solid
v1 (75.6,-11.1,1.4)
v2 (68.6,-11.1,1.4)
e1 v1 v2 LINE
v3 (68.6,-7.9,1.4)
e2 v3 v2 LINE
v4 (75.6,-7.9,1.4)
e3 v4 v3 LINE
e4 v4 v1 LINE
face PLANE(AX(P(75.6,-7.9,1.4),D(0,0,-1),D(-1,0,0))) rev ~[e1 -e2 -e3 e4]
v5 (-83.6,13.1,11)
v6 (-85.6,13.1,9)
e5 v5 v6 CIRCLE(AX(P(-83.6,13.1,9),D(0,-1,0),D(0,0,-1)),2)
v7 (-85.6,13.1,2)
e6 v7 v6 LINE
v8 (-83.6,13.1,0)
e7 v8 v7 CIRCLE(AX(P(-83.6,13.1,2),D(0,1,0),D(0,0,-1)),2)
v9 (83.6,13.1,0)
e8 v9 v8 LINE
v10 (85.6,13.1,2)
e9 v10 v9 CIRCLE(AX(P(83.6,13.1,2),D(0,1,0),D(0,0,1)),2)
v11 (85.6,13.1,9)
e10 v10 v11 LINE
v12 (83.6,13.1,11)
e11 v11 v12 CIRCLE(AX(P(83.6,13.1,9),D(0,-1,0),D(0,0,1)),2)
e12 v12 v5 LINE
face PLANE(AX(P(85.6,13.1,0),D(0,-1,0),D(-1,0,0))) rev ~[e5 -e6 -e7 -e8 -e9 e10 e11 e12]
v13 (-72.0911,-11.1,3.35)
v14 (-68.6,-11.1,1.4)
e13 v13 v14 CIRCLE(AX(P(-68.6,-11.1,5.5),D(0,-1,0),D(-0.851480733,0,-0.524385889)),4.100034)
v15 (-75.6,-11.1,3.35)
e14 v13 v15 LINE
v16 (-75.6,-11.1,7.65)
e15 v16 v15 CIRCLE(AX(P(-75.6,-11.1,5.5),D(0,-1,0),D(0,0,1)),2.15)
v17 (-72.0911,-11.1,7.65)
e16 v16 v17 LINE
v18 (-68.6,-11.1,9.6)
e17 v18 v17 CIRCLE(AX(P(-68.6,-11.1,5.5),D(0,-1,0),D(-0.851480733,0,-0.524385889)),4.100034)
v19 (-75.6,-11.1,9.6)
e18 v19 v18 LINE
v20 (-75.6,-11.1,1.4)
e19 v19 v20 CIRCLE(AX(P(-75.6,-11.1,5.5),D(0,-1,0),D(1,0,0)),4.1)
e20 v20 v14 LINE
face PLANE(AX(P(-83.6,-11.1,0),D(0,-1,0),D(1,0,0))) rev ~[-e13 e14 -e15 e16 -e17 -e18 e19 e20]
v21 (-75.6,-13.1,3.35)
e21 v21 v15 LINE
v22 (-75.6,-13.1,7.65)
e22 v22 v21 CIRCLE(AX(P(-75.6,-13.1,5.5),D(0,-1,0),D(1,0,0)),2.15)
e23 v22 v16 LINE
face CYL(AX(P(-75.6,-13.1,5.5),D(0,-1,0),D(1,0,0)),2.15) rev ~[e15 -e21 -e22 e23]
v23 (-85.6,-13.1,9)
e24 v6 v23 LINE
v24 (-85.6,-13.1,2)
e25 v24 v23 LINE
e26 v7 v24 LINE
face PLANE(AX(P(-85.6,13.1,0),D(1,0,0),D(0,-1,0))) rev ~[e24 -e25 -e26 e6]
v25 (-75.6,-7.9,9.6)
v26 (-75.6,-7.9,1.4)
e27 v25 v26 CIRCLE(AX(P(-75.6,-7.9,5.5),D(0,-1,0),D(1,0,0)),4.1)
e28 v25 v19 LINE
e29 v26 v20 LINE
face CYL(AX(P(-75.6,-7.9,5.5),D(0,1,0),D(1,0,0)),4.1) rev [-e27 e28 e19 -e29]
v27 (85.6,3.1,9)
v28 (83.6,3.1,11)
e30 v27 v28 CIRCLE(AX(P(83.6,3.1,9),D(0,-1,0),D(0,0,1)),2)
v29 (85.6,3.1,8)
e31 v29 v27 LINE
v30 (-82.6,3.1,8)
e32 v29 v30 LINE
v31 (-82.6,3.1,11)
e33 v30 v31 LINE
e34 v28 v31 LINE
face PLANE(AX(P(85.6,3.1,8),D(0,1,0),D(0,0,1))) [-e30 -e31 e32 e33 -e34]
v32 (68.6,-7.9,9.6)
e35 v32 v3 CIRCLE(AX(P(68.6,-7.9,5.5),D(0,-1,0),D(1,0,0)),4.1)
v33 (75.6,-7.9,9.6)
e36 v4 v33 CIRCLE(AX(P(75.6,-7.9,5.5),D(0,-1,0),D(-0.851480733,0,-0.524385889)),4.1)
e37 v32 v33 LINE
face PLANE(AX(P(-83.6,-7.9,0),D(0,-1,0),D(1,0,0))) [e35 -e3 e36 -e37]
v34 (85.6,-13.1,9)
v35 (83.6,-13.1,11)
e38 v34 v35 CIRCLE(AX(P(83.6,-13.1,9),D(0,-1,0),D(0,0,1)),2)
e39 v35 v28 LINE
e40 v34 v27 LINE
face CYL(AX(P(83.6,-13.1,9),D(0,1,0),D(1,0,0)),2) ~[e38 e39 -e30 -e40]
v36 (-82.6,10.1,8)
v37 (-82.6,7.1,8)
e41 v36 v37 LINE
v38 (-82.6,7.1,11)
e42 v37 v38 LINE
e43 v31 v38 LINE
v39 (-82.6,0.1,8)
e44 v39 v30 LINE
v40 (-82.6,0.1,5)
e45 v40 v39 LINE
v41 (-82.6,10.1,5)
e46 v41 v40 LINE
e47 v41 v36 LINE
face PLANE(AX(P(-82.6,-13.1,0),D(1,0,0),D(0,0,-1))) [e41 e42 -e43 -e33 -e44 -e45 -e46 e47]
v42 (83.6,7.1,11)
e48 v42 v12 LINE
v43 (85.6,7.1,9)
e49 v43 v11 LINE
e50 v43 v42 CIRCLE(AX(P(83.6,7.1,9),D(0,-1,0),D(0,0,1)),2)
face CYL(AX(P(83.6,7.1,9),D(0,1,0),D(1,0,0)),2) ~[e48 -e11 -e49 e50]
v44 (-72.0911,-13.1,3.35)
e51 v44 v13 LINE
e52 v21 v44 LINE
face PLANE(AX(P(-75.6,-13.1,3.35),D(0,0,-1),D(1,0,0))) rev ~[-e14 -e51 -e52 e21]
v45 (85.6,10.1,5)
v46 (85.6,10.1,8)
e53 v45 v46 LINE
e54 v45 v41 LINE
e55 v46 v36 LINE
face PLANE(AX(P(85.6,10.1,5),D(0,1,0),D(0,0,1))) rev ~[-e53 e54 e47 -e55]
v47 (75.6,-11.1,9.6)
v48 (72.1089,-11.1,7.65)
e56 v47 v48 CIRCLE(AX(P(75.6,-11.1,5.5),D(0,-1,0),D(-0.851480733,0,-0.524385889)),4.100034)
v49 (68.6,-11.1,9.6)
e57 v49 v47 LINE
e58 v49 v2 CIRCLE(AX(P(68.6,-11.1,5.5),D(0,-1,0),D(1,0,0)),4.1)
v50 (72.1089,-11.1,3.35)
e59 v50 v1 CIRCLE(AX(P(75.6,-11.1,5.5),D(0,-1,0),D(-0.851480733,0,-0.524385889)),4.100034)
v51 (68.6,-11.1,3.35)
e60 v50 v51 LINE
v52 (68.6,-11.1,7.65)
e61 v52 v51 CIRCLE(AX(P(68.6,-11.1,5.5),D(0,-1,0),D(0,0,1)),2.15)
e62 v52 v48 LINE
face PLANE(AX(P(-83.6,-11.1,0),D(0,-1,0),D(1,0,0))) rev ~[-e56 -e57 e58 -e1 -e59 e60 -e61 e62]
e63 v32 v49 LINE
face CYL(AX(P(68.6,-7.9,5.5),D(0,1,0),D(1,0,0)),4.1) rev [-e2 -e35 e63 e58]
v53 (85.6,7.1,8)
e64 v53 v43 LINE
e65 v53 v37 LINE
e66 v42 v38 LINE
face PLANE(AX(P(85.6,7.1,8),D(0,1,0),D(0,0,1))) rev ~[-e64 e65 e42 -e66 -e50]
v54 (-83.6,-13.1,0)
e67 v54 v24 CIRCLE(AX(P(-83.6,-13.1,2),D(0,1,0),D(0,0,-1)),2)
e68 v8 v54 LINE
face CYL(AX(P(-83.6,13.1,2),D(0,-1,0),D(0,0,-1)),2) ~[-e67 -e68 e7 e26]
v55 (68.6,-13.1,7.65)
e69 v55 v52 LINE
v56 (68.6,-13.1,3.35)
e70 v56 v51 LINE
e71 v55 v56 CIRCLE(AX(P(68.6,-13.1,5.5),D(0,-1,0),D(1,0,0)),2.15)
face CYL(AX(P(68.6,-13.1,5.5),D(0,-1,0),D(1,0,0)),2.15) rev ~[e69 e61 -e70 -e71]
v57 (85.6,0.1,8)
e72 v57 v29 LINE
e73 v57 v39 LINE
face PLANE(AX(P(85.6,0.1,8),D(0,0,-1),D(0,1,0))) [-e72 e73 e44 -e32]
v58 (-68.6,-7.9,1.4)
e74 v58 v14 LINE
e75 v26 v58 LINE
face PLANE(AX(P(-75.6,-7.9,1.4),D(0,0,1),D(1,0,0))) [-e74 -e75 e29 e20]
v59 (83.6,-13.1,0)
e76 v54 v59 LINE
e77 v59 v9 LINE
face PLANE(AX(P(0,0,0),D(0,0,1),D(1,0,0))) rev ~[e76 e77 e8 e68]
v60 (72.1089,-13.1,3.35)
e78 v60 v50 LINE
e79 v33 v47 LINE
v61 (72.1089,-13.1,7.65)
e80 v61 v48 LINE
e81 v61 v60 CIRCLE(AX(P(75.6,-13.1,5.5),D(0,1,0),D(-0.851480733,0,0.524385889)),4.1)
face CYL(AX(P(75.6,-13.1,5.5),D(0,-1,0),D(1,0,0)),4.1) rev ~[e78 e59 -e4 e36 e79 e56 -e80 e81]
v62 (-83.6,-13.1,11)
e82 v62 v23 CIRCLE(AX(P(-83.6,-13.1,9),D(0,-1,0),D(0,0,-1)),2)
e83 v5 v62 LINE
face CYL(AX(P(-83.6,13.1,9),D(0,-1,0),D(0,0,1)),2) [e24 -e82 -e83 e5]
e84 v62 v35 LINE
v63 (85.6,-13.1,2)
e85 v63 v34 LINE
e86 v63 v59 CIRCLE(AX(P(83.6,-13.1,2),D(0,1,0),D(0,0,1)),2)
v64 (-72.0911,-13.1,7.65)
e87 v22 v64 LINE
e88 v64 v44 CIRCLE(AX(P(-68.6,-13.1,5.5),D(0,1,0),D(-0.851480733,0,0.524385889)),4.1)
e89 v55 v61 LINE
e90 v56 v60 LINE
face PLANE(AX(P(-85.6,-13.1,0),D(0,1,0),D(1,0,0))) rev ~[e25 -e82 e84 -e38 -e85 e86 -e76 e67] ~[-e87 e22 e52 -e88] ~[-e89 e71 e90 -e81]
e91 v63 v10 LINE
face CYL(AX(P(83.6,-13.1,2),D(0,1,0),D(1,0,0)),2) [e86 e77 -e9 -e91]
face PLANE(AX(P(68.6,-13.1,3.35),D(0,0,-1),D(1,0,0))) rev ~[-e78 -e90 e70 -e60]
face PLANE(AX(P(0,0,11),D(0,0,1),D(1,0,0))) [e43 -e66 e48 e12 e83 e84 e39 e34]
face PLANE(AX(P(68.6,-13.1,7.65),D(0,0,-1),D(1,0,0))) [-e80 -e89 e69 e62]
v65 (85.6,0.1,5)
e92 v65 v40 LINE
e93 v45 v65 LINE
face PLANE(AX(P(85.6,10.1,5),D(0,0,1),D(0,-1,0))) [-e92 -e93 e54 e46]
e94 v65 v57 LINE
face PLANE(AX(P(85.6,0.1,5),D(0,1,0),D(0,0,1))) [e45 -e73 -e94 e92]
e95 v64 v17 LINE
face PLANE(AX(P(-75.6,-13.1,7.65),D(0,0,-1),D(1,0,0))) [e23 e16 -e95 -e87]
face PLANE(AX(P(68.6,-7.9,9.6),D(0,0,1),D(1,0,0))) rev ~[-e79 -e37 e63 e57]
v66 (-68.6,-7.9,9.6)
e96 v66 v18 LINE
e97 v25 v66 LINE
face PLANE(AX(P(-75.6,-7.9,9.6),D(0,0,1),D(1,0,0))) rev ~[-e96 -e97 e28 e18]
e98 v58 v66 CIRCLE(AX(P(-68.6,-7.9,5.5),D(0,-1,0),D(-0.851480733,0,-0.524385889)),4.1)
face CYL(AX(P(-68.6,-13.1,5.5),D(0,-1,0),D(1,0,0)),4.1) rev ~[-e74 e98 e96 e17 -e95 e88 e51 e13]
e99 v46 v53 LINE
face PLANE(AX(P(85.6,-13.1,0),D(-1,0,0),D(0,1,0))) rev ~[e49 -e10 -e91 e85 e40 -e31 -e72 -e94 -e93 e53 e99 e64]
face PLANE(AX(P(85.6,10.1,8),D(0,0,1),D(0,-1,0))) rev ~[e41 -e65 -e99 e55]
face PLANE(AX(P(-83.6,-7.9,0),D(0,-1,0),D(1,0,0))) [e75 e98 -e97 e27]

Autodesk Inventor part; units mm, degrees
ref_plane "YZ Plane" through (0, 0, 0) normal (1, 0, 0) x (0, 1, 0)
ref_plane "XZ Plane" through (0, 0, 0) normal (0, 1, 0) x (-1, 0, 0)
ref_plane "XY Plane" through (0, 0, 0) normal (0, 0, 1) x (1, 0, 0)
sketch "Sketch1" plane through (0, 0, 0) normal (0, 0, 1) x (1, 0, 0)
  line L0 (85.6, 13.1) -> (-85.6, 13.1)
  line L1 (-85.6, 13.1) -> (-85.6, -13.1)
  line L2 (-85.6, -13.1) -> (85.6, -13.1)
  line L3 (85.6, -13.1) -> (85.6, 13.1)
  line L4 (85.6, 13.1) -> (-85.6, -13.1) construction
  line L5 (-85.6, 13.1) -> (85.6, -13.1) construction
  point P0 (0, 0)
  dimension "d0" = 171.2
  dimension "d1" = 26.2
extrude "Extrusion1" add sketch "Sketch1" along normal blind 11
sketch "Sketch2" plane through (85.6, -13.1, 0) normal (1, 0, 0) x (0, 0, -1)
  line L0 (0, 0) -> (0, 26.2) projected
  line L1 (0, 26.2) -> (-11, 26.2) projected
  line L2 (-11, 0) -> (-11, 26.2) projected
  line L3 (0, 0) -> (-11, 0) projected
  line L4 (-11, 26.2) -> (-11, 0) projected
  line L5 (-11, 26.2) -> (-5, 26.2)
  line L6 (-5, 26.2) -> (-5, 23.2)
  line L7 (-5, 23.2) -> (-11, 23.2)
  line L8 (-11, 23.2) -> (-11, 26.2)
  line L9 (-11, 23.2) -> (-8, 23.2)
  line L10 (-8, 23.2) -> (-8, 20.2)
  line L11 (-8, 20.2) -> (-11, 20.2)
  line L12 (-11, 20.2) -> (-11, 23.2)
  line L13 (-11, 26.2) -> (-5, 26.2)
  line L14 (-5, 26.2) -> (-5, 10.2)
  line L15 (-5, 10.2) -> (-11, 10.2)
  line L16 (-11, 10.2) -> (-11, 26.2)
  line L17 (-11, 10.2) -> (-5, 10.2)
  line L18 (-5, 10.2) -> (-5, 13.2)
  line L19 (-5, 13.2) -> (-11, 13.2)
  line L20 (-11, 13.2) -> (-11, 10.2)
  line L21 (-11, 13.2) -> (-8, 13.2)
  line L22 (-8, 13.2) -> (-8, 16.2)
  line L23 (-8, 16.2) -> (-11, 16.2)
  line L24 (-11, 16.2) -> (-11, 13.2)
  point P0 (0, 13.1)
  point P1 (-11, 20.2)
  dimension "d4" = 6
  dimension "d5" = 3
  dimension "d6" = 3
  dimension "d7" = 3
  dimension "d8" = 16
  dimension "d9" = 3
  dimension "d10" = 3
  dimension "d11" = 3
extrude "Extrusion2" cut sketch "Sketch2" against normal blind 168.2 contours L14 L19 L22 L23 L2 L11 L10 L7
fillet "Fillet1" radius 2 5 edges at (85.6, 10.1, 11) (85.6, -5, 11) (-85.6, 0, 11) (85.6, 0, 0) (-85.6, 0, 0)
sketch "Sketch4" plane through (-83.6, -13.1, 0) normal (0, -1, 0) x (1, 0, 0)
  arc A0 (-2, 2) -> (0, 0) centre (0, 2) ccw projected
  line L0 (0, 0) -> (167.2, 0) projected
  arc A1 (167.2, 0) -> (169.2, 2) centre (167.2, 2) ccw projected
  line L1 (169.2, 2) -> (169.2, 9) projected
  arc A2 (169.2, 9) -> (167.2, 11) centre (167.2, 9) ccw projected
  line L2 (0, 11) -> (167.2, 11) projected
  arc A3 (0, 11) -> (-2, 9) centre (0, 9) ccw projected
  line L3 (-2, 2) -> (-2, 9) projected
  circle A4 centre (159.2, 5.5) radius 4.1
  circle A5 centre (152.2, 5.5) radius 2.15
  line L4 (152.2, 7.65) -> (155.7089, 7.65)
  line L5 (152.2, 3.35) -> (155.7089, 3.35)
  circle A6 centre (15, 5.5) radius 4.1
  circle A7 centre (8, 5.5) radius 2.15
  line L6 (8, 3.35) -> (11.5089, 3.35)
  line L7 (8, 7.65) -> (11.5089, 7.65)
  point P0 (83.6, 0)
  point P1 (169.2, 5.5)
  point P2 (12.2407, 8.5325)
  point P3 (8.4381, 3.3951)
  point P4 (11.1965, 3.9692)
  point P5 (-2, 5.5)
  dimension "d19" = 8.2
  dimension "d20" = 4.3
  dimension "d21" = 7
  dimension "d22" = 0
  dimension "d23" = 10
  dimension "d24" = 8.2
  dimension "d25" = 4.3
  dimension "d26" = 7
  dimension "d27" = 10
  dimension "d28" = 0
  dimension "d40" = 0
extrude "Extrusion4" cut sketch "Sketch4" against normal blind 5.2 contours A4 | A4 L5 A5 L4 | A5 | A6 | A6 L6 A7 L7 | A7
sketch "Sketch5" plane through (-83.6, -13.1, 0) normal (0, -1, 0) x (1, 0, 0)
  arc A0 (8, 7.65) -> (8, 3.35) centre (8, 5.5) ccw projected
  arc A1 (11.5089, 3.35) -> (11.5089, 7.65) centre (15, 5.5) ccw projected
  arc A2 (152.2, 7.65) -> (152.2, 3.35) centre (152.2, 5.5) ccw projected
  line L0 (152.2, 7.65) -> (155.7089, 7.65) projected
  arc A3 (155.7089, 3.35) -> (155.7089, 7.65) centre (159.2, 5.5) ccw projected
  line L1 (155.7089, 3.35) -> (152.2, 3.35) projected
  arc A4 (-2, 2) -> (0, 0) centre (0, 2) ccw projected
  line L2 (0, 0) -> (167.2, 0) projected
  arc A5 (167.2, 0) -> (169.2, 2) centre (167.2, 2) ccw projected
  line L3 (169.2, 2) -> (169.2, 9) projected
  arc A6 (169.2, 9) -> (167.2, 11) centre (167.2, 9) ccw projected
  line L4 (0, 11) -> (167.2, 11) projected
  arc A7 (0, 11) -> (-2, 9) centre (0, 9) ccw projected
  line L5 (-2, 2) -> (-2, 9) projected
  circle A8 centre (8, 5.5) radius 4.1
  line L6 (8, 9.6) -> (15, 9.6)
  line L7 (8, 1.4) -> (15, 1.4)
  arc A9 (11.5089, 3.35) -> (11.5089, 7.65) centre (15, 5.5) ccw projected
  circle A10 centre (152.2, 5.5) radius 4.1
  line L8 (152.2, 9.6) -> (159.2, 9.6)
  line L9 (159.2, 1.4) -> (152.2, 1.4)
  line L10 (8, 7.65) -> (11.5089, 7.65) projected
  line L11 (11.5089, 3.35) -> (8, 3.35) projected
  arc A11 (8, 7.65) -> (8, 3.35) centre (8, 5.5) ccw projected
  point P0 (83.6, 0)
  point P1 (19.1, 5.5)
  point P2 (19.1, 5.5)
  point P3 (5.85, 5.5)
  point P4 (150.05, 5.5)
  point P5 (12.4867, 2.2607)
  point P6 (12.4867, 8.7393)
  point P7 (96.275, 2.2698)
  point P8 (96.275, 8.7302)
  point P9 (5.85, 5.5)
  point P10 (155.6911, 7.65)
  point P11 (155.6911, 3.35)
  point P12 (11.4911, 3.35)
  point P13 (11.4911, 7.65)
  dimension "d32" = 8.2
  dimension "d33" = 0
  dimension "d35" = 8.2
  dimension "d36" = 0
  dimension "d42" = 0
  dimension "d43" = 0
extrude "Extrusion5" cut sketch "Sketch5" along normal blind 3.2 from surface at -5.2 contours L10 A8 L11 A0 | A0 L11 A8 L10 | A8 L6 A1 L10 | L11 A1 L7 A8 | L0 A10 L1 A2 | A2 L1 A10 L0 | A10 L8 A3 L0 | L1 A3 L9 A10
properties part number "module-slot" material "PC/ABS Plastic"
